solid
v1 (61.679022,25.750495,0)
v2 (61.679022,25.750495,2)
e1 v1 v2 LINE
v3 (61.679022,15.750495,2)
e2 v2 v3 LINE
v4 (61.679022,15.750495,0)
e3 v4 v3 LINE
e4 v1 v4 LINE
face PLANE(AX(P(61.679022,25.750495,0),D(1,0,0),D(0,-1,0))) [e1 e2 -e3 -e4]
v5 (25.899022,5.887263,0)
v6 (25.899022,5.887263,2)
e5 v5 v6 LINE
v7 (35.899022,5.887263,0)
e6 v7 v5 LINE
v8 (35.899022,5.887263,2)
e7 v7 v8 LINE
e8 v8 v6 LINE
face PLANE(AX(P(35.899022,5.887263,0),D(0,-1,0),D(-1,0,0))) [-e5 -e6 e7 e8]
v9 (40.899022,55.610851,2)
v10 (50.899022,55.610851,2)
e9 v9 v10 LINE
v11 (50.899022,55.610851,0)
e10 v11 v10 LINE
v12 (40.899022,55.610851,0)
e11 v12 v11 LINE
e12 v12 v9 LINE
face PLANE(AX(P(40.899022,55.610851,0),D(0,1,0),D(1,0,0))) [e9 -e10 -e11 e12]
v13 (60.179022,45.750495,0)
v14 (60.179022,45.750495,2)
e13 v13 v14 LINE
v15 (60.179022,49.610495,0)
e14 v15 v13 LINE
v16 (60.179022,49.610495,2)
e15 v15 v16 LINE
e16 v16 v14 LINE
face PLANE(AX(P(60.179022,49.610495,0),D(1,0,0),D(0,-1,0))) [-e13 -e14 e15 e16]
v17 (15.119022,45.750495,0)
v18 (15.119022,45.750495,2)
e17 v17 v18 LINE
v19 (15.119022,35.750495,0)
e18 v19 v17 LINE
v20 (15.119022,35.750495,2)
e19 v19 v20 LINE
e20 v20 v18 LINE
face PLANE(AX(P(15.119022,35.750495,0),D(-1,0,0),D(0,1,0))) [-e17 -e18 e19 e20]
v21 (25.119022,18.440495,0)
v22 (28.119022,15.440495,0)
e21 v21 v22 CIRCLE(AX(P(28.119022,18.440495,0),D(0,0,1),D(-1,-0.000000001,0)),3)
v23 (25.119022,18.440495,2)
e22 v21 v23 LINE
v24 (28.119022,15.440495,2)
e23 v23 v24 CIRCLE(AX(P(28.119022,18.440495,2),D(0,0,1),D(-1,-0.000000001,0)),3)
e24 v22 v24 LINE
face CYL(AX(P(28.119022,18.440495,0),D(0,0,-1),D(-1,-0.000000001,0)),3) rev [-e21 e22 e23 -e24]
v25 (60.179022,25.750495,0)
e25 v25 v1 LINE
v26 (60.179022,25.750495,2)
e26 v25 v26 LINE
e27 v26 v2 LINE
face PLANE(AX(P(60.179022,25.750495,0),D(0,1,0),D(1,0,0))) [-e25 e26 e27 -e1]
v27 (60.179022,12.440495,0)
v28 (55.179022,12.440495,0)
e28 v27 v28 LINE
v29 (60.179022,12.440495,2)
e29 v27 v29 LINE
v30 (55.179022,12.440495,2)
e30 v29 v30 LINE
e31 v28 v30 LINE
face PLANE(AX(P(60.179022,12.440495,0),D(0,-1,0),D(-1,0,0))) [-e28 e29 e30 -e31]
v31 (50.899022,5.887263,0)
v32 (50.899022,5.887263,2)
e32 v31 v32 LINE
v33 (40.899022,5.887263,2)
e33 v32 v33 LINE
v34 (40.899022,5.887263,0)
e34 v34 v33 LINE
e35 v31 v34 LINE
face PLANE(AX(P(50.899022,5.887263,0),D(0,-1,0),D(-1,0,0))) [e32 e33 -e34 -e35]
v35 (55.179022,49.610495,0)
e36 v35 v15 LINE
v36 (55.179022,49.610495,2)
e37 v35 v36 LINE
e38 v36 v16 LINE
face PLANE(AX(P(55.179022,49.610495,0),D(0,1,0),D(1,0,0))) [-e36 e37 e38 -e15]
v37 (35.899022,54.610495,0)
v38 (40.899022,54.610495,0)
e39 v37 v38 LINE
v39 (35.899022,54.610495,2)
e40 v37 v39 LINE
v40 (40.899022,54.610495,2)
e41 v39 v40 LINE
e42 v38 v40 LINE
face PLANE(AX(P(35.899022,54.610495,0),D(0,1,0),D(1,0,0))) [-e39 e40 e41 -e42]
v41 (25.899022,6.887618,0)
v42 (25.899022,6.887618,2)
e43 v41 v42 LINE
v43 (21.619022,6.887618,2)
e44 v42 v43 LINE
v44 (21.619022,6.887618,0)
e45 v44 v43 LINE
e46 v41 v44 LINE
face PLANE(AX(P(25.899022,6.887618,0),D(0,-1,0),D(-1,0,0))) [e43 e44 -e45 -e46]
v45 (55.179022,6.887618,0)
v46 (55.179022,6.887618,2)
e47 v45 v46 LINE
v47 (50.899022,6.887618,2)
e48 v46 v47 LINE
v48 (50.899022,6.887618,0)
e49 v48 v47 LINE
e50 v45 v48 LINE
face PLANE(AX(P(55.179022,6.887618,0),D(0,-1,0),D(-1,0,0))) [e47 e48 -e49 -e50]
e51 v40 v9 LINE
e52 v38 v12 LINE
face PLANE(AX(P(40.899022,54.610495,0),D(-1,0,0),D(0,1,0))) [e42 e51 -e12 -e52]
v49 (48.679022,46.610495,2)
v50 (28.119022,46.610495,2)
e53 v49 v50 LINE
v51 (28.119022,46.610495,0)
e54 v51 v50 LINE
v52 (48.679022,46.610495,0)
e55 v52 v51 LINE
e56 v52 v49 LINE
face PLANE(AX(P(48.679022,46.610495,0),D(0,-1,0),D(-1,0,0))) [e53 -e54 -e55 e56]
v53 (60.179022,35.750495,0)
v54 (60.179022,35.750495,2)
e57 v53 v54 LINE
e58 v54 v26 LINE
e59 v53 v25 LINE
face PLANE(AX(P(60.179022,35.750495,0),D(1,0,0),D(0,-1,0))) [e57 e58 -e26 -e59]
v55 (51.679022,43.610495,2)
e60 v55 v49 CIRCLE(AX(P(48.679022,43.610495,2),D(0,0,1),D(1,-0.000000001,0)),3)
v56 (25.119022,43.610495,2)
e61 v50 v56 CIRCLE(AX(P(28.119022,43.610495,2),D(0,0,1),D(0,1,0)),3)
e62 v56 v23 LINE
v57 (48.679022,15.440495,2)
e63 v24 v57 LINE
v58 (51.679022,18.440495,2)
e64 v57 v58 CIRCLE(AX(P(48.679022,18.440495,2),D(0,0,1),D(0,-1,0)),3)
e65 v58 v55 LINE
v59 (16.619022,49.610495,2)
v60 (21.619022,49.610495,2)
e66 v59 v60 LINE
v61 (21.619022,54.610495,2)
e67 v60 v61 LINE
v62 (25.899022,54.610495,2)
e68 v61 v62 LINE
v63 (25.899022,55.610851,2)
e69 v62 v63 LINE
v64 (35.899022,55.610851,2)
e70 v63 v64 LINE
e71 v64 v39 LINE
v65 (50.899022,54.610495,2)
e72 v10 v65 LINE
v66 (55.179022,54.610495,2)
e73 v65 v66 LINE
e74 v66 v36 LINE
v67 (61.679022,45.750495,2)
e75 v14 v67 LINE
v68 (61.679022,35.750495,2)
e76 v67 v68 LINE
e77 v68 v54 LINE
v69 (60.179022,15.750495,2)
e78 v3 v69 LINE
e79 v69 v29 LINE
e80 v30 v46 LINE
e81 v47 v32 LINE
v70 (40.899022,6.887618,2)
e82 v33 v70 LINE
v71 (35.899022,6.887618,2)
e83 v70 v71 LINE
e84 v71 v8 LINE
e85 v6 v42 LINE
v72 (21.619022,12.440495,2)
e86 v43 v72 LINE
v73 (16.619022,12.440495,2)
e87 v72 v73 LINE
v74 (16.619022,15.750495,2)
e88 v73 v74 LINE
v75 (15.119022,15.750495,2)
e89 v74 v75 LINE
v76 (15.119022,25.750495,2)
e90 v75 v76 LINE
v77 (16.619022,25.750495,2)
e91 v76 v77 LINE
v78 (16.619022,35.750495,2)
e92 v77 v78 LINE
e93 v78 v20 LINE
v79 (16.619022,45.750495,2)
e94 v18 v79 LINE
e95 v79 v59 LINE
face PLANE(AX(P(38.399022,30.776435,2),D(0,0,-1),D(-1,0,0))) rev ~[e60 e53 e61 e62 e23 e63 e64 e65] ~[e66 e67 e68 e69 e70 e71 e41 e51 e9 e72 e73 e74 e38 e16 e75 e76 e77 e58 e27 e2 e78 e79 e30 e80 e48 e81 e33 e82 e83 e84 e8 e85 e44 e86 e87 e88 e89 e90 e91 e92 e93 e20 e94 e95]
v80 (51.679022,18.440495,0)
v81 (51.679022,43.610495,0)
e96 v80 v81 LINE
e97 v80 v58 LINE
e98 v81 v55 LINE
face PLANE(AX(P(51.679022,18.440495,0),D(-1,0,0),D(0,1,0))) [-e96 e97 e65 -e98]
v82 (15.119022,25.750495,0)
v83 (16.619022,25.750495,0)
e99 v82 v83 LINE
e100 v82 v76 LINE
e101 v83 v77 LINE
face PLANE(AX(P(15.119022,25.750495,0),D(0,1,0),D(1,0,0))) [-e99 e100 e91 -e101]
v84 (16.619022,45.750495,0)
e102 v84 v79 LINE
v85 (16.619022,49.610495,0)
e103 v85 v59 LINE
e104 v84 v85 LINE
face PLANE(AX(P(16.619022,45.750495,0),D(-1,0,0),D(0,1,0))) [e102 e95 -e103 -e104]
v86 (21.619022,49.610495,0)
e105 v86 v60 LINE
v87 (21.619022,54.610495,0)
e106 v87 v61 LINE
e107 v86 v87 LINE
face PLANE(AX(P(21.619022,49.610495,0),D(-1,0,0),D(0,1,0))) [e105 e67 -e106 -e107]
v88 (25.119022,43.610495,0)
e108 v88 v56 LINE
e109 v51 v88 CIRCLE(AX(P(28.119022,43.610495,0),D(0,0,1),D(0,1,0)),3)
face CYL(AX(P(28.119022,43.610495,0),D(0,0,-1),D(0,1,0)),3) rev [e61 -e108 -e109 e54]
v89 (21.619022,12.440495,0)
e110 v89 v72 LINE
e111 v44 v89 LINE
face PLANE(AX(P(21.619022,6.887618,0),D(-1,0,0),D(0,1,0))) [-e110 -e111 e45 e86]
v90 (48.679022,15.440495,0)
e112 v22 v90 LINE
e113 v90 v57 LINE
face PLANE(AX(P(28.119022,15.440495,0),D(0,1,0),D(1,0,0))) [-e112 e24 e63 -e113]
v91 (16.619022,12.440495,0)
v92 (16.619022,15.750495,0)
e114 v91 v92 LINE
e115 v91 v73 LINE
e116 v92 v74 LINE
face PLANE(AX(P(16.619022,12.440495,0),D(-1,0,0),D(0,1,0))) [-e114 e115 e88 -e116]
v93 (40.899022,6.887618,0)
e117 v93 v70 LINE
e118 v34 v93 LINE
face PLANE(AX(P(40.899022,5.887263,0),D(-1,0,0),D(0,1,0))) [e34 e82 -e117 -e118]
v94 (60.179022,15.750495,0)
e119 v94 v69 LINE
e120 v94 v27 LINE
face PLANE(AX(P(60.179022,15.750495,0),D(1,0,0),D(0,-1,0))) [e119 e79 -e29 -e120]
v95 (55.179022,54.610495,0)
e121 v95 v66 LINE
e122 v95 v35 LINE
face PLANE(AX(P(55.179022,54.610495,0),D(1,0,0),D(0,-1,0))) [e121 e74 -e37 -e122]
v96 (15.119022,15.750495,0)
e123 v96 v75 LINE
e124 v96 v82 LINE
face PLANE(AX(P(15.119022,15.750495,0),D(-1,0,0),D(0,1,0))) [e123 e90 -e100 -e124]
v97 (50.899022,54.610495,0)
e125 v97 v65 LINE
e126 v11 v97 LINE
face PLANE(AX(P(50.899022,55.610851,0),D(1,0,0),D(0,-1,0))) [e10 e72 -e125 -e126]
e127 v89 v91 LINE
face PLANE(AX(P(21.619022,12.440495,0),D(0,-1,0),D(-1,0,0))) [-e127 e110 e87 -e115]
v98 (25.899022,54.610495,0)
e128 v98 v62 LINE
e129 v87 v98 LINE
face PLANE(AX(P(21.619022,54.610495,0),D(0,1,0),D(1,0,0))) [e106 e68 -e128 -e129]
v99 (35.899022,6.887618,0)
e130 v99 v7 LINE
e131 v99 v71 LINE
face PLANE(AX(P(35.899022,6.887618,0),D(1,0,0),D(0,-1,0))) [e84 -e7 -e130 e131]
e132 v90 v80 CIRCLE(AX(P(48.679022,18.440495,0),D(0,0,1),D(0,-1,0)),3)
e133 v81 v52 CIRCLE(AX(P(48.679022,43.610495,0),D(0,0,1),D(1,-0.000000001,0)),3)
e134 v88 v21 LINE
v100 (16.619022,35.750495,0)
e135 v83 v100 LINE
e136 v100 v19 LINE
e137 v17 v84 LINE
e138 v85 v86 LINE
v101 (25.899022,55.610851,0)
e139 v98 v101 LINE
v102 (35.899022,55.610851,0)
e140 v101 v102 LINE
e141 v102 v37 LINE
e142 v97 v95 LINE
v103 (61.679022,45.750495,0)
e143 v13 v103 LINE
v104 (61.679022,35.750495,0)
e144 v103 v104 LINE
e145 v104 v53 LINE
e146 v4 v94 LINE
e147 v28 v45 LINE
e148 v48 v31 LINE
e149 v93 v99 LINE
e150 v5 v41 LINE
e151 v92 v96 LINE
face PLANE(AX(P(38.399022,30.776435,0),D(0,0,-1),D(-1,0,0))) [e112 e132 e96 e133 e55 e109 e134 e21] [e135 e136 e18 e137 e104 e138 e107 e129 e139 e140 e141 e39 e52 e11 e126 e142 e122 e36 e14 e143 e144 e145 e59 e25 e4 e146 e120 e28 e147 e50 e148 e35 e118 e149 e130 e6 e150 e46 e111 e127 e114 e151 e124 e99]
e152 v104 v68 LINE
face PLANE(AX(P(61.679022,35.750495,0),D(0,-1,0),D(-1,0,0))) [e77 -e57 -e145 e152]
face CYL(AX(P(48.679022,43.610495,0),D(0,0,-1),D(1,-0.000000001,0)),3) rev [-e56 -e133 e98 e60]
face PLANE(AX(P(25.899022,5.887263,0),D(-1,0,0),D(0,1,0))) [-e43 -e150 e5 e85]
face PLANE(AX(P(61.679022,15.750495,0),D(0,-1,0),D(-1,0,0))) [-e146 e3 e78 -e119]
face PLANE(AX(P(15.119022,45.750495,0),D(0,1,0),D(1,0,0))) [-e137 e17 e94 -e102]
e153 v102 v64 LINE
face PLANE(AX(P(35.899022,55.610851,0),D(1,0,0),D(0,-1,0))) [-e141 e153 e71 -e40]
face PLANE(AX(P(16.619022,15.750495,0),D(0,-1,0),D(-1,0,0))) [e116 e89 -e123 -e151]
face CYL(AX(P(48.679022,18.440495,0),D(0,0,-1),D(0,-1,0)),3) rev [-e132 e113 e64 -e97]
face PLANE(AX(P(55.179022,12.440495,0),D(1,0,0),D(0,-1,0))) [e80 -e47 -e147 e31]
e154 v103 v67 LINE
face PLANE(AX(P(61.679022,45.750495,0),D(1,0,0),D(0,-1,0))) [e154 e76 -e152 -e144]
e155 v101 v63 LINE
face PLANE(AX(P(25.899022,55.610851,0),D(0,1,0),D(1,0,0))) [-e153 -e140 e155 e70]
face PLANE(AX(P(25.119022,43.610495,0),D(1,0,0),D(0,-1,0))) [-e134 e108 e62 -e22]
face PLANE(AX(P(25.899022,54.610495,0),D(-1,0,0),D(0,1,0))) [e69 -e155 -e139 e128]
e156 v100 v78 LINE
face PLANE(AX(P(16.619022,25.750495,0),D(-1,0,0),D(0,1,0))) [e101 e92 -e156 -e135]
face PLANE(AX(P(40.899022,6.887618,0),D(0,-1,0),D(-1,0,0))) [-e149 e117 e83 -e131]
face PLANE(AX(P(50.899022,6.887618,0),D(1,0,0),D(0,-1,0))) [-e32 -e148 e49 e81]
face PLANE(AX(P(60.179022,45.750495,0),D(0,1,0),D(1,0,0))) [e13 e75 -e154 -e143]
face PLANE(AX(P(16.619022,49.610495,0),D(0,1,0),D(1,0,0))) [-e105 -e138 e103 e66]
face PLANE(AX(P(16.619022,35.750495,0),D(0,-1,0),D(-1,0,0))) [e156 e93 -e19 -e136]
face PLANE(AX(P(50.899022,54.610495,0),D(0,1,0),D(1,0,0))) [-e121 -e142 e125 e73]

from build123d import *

# Parameters (mm, degrees)
EXTRUDE_1_DEPTH = 2


with BuildPart() as part:
    # Model → 凸台-拉伸1 (new body)
    with BuildSketch(Plane.XY):
        Polygon((21.619021943, 54.610495052), (25.899021943, 54.610495052), (25.899021943, 55.610850758), (35.899021943, 55.610850758), (35.899021943, 54.610495052), (40.899021943, 54.610495052), (40.899021943, 55.610850758), (50.899021943, 55.610850758), (50.899021943, 54.610495052), (55.179021943, 54.610495052), (55.179021943, 49.610495052), (60.179021943, 49.610495052), (60.179021943, 45.750495052), (61.679021943, 45.750495052), (61.679021943, 35.750495052), (60.179021943, 35.750495052), (60.179021943, 25.750495052), (61.679021943, 25.750495052), (61.679021943, 15.750495052), (60.179021943, 15.750495052), (60.179021943, 12.440495052), (55.179021943, 12.440495052), (55.179021943, 6.8876183), (50.899021943, 6.8876183), (50.899021943, 5.887262594), (40.899021943, 5.887262594), (40.899021943, 6.8876183), (35.899021943, 6.8876183), (35.899021943, 5.887262594), (25.899021943, 5.887262594), (25.899021943, 6.8876183), (21.619021943, 6.8876183), (21.619021943, 12.440495052), (16.619021943, 12.440495052), (16.619021943, 15.750495052), (15.119021943, 15.750495052), (15.119021943, 25.750495052), (16.619021943, 25.750495052), (16.619021943, 35.750495052), (15.119021943, 35.750495052), (15.119021943, 45.750495052), (16.619021943, 45.750495052), (16.619021943, 49.610495052), (21.619021943, 49.610495052), align=None)
        with BuildLine():
            Line((48.679021943, 46.610495052), (28.119021943, 46.610495052))
            ThreePointArc((28.119021943, 46.610495052), (25.9977016, 45.731815396), (25.119021943, 43.610495052))
            Line((25.119021943, 43.610495052), (25.119021943, 18.440495052))
            ThreePointArc((25.119021943, 18.440495052), (25.9977016, 16.319174709), (28.119021943, 15.440495052))
            Line((28.119021943, 15.440495052), (48.679021943, 15.440495052))
            ThreePointArc((48.679021943, 15.440495052), (50.800342287, 16.319174709), (51.679021943, 18.440495052))
            Line((51.679021943, 18.440495052), (51.679021943, 43.610495052))
            ThreePointArc((51.679021943, 43.610495052), (50.800342287, 45.731815396), (48.679021943, 46.610495052))
        make_face(mode=Mode.SUBTRACT)
    extrude(amount=EXTRUDE_1_DEPTH)


solid = part.part
